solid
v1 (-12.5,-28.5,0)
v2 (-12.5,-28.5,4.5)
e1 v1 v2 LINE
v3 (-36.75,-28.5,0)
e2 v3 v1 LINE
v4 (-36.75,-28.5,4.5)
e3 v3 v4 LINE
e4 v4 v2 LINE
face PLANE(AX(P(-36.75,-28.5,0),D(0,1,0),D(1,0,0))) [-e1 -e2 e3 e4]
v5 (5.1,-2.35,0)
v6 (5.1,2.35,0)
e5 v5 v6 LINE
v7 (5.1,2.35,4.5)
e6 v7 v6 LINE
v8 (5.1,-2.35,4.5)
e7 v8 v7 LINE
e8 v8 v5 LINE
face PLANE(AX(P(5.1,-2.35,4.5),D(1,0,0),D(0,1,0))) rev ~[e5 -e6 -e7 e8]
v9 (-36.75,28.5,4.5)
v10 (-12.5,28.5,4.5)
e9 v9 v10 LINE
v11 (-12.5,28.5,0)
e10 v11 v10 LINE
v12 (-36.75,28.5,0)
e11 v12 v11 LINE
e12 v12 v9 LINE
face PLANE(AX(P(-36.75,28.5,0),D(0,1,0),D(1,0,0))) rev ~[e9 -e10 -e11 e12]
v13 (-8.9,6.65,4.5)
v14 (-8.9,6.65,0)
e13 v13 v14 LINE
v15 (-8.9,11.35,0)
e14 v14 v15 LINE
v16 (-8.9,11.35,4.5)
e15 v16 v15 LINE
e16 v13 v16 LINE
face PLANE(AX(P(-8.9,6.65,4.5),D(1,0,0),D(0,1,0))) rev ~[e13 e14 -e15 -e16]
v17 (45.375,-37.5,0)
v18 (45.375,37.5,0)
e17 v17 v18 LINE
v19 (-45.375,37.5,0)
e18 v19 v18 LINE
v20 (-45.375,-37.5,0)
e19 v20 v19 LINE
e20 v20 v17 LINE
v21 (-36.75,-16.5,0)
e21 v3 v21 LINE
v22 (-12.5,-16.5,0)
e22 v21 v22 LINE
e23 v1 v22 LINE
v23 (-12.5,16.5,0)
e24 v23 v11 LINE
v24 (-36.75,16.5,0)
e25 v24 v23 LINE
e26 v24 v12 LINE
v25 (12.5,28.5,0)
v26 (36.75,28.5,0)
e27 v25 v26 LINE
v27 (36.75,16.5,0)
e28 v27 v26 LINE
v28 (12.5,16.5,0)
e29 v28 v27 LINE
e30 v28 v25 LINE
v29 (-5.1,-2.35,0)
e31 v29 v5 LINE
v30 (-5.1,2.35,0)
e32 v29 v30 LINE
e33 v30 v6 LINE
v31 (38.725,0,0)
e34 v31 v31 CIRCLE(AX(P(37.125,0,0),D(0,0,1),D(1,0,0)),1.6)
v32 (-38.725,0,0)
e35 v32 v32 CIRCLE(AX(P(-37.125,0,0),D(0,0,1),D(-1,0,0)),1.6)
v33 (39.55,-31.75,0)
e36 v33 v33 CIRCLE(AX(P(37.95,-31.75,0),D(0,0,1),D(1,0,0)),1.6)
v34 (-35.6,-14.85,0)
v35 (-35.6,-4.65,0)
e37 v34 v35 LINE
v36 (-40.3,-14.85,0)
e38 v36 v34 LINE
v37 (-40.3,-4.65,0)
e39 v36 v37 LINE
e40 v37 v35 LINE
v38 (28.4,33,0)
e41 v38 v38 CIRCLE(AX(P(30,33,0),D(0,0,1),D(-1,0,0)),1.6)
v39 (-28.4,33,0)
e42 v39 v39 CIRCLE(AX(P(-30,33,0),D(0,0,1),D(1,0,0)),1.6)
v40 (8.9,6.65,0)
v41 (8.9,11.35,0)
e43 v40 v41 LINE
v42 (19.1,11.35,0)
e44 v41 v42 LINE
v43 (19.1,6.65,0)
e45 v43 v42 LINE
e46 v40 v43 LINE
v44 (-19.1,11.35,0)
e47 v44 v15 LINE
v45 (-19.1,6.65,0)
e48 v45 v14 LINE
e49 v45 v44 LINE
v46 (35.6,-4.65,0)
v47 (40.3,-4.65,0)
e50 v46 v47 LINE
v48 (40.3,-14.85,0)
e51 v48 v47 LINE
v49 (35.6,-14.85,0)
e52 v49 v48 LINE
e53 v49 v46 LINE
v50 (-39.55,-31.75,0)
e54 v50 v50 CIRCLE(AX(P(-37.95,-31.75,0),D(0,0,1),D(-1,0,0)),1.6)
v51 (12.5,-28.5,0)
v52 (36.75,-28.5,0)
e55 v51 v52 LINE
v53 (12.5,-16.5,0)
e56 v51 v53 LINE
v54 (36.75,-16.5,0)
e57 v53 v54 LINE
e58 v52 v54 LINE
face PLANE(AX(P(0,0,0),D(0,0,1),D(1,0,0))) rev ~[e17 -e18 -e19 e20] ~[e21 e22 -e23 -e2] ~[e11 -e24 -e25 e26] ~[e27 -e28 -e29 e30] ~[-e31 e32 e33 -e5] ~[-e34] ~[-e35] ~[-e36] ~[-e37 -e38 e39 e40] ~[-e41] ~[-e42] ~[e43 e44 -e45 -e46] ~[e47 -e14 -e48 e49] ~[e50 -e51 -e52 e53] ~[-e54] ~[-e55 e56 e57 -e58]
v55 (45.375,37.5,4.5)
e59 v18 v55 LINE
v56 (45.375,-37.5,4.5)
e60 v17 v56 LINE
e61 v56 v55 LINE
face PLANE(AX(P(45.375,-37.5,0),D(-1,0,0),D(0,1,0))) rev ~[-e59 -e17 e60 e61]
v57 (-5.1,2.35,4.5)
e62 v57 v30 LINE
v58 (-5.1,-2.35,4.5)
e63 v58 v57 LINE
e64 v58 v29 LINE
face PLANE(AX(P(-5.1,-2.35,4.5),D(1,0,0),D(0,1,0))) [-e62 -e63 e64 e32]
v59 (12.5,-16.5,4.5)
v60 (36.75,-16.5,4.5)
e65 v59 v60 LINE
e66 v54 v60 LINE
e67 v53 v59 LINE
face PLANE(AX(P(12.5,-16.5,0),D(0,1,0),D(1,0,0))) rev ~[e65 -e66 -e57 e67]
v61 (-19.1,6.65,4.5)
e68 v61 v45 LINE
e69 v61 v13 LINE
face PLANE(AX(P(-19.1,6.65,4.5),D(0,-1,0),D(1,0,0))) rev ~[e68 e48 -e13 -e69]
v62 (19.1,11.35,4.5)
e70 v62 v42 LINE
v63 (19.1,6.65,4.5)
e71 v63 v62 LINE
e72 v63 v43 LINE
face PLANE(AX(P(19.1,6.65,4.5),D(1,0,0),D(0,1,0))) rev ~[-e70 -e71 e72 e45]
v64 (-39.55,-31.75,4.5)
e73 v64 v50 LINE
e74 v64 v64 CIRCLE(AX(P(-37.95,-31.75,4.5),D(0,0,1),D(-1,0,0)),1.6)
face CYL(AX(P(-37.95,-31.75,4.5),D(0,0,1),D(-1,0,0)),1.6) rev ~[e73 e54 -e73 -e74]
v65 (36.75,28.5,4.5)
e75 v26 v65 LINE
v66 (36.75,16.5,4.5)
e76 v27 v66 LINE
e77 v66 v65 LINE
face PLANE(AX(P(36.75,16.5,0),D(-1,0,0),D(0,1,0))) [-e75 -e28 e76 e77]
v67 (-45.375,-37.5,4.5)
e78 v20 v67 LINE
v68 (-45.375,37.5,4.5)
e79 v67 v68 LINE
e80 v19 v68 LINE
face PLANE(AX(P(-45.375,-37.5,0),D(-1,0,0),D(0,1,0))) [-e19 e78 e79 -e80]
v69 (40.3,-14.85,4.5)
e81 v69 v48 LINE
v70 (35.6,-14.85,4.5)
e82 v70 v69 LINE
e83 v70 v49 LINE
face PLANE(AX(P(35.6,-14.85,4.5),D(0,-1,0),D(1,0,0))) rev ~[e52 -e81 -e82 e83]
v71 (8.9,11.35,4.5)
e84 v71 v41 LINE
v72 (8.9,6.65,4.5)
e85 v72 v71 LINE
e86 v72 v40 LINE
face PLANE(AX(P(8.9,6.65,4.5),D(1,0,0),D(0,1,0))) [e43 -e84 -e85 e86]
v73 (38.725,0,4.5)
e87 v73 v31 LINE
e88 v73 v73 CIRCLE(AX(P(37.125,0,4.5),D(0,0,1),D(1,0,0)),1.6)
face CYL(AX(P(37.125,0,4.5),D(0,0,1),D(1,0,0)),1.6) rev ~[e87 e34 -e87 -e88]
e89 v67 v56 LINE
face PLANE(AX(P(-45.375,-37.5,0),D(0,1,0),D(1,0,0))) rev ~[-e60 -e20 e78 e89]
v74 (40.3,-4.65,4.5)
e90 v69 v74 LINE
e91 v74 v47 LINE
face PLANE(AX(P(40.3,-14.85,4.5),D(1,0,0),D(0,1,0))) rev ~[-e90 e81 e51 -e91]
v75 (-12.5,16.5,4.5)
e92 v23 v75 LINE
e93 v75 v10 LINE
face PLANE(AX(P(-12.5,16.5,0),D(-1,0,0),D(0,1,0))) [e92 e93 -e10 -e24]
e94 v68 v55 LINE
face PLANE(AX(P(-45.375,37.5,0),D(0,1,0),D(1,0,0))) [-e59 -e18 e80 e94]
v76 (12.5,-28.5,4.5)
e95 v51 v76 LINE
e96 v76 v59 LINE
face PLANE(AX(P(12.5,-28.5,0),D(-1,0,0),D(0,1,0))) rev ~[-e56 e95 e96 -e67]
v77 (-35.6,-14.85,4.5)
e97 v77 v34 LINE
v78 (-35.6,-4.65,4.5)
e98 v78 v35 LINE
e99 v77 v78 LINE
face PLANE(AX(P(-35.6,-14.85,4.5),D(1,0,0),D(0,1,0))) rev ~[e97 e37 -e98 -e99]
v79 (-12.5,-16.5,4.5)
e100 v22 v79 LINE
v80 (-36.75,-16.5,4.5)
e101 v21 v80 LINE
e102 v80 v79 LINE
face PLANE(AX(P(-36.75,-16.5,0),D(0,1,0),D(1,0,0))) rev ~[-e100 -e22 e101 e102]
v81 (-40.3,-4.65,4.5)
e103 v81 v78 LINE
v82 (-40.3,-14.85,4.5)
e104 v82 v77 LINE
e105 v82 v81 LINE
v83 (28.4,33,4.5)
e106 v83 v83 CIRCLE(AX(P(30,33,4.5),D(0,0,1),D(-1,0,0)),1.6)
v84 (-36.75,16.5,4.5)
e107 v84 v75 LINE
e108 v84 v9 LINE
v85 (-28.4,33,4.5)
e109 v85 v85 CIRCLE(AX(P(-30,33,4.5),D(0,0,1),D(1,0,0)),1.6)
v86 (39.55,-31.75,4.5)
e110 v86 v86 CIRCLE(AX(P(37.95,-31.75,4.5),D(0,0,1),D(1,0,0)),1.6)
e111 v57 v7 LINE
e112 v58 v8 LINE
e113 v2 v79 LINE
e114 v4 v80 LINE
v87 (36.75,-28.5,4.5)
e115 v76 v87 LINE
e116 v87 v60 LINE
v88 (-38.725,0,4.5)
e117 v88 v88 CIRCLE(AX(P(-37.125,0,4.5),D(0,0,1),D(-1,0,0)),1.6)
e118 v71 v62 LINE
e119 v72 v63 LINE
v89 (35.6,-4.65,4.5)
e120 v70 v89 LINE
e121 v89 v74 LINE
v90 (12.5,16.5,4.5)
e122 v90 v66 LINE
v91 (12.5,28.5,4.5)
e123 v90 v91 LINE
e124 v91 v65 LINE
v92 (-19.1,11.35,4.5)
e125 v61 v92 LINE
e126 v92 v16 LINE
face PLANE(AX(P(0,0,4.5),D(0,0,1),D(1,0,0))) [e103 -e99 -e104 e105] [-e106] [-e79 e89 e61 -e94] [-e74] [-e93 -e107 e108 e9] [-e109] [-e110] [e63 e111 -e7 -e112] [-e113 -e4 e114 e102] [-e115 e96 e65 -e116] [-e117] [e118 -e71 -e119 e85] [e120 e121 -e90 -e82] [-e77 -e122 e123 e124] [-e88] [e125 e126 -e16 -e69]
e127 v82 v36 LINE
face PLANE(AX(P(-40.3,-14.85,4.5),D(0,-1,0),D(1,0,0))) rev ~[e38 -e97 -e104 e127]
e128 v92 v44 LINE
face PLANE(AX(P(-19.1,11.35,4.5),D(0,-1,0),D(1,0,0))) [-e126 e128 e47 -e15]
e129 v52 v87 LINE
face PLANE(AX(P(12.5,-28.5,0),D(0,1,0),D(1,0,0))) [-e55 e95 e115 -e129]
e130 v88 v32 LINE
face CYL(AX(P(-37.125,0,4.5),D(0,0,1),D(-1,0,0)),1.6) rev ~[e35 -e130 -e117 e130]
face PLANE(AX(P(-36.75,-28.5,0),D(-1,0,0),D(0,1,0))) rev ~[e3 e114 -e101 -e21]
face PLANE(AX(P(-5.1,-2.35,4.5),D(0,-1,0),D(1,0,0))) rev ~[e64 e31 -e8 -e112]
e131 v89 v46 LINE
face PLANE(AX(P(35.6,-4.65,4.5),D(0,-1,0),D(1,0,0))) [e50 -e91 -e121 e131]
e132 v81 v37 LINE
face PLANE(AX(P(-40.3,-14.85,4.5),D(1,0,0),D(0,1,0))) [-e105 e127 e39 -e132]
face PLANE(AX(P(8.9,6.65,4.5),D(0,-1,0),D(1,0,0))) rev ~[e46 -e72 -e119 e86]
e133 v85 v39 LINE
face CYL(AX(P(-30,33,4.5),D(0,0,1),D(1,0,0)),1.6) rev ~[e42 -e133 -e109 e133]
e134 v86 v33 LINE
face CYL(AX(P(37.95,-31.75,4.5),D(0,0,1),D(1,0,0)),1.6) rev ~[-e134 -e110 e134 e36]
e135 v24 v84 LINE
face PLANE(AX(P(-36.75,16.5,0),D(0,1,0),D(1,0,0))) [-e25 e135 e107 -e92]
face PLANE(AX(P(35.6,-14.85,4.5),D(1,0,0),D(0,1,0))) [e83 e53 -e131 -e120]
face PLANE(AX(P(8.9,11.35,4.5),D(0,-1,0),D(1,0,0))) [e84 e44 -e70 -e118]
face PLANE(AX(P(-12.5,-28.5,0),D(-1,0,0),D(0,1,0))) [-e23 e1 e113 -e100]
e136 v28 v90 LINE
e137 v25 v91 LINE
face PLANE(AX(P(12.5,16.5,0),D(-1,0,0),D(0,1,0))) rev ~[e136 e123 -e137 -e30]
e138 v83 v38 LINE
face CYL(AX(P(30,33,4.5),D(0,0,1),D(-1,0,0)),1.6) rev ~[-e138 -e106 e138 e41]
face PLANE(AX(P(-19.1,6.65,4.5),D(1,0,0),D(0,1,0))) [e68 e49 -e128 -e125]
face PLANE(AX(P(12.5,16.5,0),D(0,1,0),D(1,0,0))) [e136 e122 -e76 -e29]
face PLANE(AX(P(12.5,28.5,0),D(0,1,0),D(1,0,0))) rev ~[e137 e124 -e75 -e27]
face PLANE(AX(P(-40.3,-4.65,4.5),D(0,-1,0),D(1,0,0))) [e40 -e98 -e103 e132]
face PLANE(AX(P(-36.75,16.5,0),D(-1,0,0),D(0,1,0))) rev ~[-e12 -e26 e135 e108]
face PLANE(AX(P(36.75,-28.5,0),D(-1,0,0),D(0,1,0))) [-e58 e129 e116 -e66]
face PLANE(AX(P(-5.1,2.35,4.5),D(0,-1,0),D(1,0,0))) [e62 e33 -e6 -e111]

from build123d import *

# Parameters (mm, degrees)
SKETCH1_W           = 90.75
SKETCH1_H           = 75
SKETCH1_W_2         = 24.25
SKETCH1_H_2         = 12
BOSS_EXTRUDE1_DEPTH = 4.5
SKETCH2_R           = 1.6
SCREWHOLES_DEPTH    = 60.037196961
SKETCH3_W           = 10.2
SKETCH3_H           = 4.7
BELTCLAMP_DEPTH     = 60.037196961
SKETCH4_W           = 10.2
SKETCH4_H           = 4.7
CUT_EXTRUDE3_DEPTH  = 60.037196961
SKETCH5_R           = 1.6
SKETCH5_W           = 4.7
SKETCH5_H           = 10.2
CUT_EXTRUDE4_DEPTH  = 60.037196961


with BuildPart() as part:
    # Sketch1 → Boss-Extrude1 (new body)
    with BuildSketch(Plane.XY):
        Rectangle(SKETCH1_W, SKETCH1_H)
        with Locations((-24.625, 22.5)):
            Rectangle(SKETCH1_W_2, SKETCH1_H_2, mode=Mode.SUBTRACT)
        with Locations((24.625, 22.5)):
            Rectangle(SKETCH1_W_2, SKETCH1_H_2, mode=Mode.SUBTRACT)
        with Locations((24.625, -22.5)):
            Rectangle(SKETCH1_W_2, SKETCH1_H_2, mode=Mode.SUBTRACT)
        with Locations((-24.625, -22.5)):
            Rectangle(SKETCH1_W_2, SKETCH1_H_2, mode=Mode.SUBTRACT)
    extrude(amount=BOSS_EXTRUDE1_DEPTH)

    # Sketch2 → screwHoles (cut, through all)
    with BuildSketch(Plane.XY.offset(4.5)):
        with Locations((-30, 33)):
            Circle(SKETCH2_R)
        with Locations(Location((30, 33, 0), (0, 0, 180))):
            Circle(SKETCH2_R)
        with Locations((37.125, 0)):
            Circle(SKETCH2_R)
        with Locations(Location((-37.125, 0, 0), (0, 0, 180))):
            Circle(SKETCH2_R)
    extrude(amount=-SCREWHOLES_DEPTH, mode=Mode.SUBTRACT)

    # Sketch3 → BeltClamp (cut, through all)
    with BuildSketch(Plane.XY.offset(4.5)):
        with Locations((-14, 9)):
            Rectangle(SKETCH3_W, SKETCH3_H)
        with Locations((14, 9)):
            Rectangle(SKETCH3_W, SKETCH3_H)
    extrude(amount=-BELTCLAMP_DEPTH, mode=Mode.SUBTRACT)

    # Sketch4 → Cut-Extrude3 (cut, through all)
    with BuildSketch(Plane.XY.offset(4.5)):
        Rectangle(SKETCH4_W, SKETCH4_H)
    extrude(amount=-CUT_EXTRUDE3_DEPTH, mode=Mode.SUBTRACT)

    # Sketch5 → Cut-Extrude4 (cut, through all)
    with BuildSketch(Plane.XY.offset(4.5)):
        with Locations((37.95, -31.75)):
            Circle(SKETCH5_R)
        with Locations(Location((-37.95, -31.75, 0), (0, 0, 180))):
            Circle(SKETCH5_R)
        with Locations((37.95, -9.75)):
            Rectangle(SKETCH5_W, SKETCH5_H)
        with Locations((-37.95, -9.75)):
            Rectangle(SKETCH5_W, SKETCH5_H)
    extrude(amount=-CUT_EXTRUDE4_DEPTH, mode=Mode.SUBTRACT)


solid = part.part
